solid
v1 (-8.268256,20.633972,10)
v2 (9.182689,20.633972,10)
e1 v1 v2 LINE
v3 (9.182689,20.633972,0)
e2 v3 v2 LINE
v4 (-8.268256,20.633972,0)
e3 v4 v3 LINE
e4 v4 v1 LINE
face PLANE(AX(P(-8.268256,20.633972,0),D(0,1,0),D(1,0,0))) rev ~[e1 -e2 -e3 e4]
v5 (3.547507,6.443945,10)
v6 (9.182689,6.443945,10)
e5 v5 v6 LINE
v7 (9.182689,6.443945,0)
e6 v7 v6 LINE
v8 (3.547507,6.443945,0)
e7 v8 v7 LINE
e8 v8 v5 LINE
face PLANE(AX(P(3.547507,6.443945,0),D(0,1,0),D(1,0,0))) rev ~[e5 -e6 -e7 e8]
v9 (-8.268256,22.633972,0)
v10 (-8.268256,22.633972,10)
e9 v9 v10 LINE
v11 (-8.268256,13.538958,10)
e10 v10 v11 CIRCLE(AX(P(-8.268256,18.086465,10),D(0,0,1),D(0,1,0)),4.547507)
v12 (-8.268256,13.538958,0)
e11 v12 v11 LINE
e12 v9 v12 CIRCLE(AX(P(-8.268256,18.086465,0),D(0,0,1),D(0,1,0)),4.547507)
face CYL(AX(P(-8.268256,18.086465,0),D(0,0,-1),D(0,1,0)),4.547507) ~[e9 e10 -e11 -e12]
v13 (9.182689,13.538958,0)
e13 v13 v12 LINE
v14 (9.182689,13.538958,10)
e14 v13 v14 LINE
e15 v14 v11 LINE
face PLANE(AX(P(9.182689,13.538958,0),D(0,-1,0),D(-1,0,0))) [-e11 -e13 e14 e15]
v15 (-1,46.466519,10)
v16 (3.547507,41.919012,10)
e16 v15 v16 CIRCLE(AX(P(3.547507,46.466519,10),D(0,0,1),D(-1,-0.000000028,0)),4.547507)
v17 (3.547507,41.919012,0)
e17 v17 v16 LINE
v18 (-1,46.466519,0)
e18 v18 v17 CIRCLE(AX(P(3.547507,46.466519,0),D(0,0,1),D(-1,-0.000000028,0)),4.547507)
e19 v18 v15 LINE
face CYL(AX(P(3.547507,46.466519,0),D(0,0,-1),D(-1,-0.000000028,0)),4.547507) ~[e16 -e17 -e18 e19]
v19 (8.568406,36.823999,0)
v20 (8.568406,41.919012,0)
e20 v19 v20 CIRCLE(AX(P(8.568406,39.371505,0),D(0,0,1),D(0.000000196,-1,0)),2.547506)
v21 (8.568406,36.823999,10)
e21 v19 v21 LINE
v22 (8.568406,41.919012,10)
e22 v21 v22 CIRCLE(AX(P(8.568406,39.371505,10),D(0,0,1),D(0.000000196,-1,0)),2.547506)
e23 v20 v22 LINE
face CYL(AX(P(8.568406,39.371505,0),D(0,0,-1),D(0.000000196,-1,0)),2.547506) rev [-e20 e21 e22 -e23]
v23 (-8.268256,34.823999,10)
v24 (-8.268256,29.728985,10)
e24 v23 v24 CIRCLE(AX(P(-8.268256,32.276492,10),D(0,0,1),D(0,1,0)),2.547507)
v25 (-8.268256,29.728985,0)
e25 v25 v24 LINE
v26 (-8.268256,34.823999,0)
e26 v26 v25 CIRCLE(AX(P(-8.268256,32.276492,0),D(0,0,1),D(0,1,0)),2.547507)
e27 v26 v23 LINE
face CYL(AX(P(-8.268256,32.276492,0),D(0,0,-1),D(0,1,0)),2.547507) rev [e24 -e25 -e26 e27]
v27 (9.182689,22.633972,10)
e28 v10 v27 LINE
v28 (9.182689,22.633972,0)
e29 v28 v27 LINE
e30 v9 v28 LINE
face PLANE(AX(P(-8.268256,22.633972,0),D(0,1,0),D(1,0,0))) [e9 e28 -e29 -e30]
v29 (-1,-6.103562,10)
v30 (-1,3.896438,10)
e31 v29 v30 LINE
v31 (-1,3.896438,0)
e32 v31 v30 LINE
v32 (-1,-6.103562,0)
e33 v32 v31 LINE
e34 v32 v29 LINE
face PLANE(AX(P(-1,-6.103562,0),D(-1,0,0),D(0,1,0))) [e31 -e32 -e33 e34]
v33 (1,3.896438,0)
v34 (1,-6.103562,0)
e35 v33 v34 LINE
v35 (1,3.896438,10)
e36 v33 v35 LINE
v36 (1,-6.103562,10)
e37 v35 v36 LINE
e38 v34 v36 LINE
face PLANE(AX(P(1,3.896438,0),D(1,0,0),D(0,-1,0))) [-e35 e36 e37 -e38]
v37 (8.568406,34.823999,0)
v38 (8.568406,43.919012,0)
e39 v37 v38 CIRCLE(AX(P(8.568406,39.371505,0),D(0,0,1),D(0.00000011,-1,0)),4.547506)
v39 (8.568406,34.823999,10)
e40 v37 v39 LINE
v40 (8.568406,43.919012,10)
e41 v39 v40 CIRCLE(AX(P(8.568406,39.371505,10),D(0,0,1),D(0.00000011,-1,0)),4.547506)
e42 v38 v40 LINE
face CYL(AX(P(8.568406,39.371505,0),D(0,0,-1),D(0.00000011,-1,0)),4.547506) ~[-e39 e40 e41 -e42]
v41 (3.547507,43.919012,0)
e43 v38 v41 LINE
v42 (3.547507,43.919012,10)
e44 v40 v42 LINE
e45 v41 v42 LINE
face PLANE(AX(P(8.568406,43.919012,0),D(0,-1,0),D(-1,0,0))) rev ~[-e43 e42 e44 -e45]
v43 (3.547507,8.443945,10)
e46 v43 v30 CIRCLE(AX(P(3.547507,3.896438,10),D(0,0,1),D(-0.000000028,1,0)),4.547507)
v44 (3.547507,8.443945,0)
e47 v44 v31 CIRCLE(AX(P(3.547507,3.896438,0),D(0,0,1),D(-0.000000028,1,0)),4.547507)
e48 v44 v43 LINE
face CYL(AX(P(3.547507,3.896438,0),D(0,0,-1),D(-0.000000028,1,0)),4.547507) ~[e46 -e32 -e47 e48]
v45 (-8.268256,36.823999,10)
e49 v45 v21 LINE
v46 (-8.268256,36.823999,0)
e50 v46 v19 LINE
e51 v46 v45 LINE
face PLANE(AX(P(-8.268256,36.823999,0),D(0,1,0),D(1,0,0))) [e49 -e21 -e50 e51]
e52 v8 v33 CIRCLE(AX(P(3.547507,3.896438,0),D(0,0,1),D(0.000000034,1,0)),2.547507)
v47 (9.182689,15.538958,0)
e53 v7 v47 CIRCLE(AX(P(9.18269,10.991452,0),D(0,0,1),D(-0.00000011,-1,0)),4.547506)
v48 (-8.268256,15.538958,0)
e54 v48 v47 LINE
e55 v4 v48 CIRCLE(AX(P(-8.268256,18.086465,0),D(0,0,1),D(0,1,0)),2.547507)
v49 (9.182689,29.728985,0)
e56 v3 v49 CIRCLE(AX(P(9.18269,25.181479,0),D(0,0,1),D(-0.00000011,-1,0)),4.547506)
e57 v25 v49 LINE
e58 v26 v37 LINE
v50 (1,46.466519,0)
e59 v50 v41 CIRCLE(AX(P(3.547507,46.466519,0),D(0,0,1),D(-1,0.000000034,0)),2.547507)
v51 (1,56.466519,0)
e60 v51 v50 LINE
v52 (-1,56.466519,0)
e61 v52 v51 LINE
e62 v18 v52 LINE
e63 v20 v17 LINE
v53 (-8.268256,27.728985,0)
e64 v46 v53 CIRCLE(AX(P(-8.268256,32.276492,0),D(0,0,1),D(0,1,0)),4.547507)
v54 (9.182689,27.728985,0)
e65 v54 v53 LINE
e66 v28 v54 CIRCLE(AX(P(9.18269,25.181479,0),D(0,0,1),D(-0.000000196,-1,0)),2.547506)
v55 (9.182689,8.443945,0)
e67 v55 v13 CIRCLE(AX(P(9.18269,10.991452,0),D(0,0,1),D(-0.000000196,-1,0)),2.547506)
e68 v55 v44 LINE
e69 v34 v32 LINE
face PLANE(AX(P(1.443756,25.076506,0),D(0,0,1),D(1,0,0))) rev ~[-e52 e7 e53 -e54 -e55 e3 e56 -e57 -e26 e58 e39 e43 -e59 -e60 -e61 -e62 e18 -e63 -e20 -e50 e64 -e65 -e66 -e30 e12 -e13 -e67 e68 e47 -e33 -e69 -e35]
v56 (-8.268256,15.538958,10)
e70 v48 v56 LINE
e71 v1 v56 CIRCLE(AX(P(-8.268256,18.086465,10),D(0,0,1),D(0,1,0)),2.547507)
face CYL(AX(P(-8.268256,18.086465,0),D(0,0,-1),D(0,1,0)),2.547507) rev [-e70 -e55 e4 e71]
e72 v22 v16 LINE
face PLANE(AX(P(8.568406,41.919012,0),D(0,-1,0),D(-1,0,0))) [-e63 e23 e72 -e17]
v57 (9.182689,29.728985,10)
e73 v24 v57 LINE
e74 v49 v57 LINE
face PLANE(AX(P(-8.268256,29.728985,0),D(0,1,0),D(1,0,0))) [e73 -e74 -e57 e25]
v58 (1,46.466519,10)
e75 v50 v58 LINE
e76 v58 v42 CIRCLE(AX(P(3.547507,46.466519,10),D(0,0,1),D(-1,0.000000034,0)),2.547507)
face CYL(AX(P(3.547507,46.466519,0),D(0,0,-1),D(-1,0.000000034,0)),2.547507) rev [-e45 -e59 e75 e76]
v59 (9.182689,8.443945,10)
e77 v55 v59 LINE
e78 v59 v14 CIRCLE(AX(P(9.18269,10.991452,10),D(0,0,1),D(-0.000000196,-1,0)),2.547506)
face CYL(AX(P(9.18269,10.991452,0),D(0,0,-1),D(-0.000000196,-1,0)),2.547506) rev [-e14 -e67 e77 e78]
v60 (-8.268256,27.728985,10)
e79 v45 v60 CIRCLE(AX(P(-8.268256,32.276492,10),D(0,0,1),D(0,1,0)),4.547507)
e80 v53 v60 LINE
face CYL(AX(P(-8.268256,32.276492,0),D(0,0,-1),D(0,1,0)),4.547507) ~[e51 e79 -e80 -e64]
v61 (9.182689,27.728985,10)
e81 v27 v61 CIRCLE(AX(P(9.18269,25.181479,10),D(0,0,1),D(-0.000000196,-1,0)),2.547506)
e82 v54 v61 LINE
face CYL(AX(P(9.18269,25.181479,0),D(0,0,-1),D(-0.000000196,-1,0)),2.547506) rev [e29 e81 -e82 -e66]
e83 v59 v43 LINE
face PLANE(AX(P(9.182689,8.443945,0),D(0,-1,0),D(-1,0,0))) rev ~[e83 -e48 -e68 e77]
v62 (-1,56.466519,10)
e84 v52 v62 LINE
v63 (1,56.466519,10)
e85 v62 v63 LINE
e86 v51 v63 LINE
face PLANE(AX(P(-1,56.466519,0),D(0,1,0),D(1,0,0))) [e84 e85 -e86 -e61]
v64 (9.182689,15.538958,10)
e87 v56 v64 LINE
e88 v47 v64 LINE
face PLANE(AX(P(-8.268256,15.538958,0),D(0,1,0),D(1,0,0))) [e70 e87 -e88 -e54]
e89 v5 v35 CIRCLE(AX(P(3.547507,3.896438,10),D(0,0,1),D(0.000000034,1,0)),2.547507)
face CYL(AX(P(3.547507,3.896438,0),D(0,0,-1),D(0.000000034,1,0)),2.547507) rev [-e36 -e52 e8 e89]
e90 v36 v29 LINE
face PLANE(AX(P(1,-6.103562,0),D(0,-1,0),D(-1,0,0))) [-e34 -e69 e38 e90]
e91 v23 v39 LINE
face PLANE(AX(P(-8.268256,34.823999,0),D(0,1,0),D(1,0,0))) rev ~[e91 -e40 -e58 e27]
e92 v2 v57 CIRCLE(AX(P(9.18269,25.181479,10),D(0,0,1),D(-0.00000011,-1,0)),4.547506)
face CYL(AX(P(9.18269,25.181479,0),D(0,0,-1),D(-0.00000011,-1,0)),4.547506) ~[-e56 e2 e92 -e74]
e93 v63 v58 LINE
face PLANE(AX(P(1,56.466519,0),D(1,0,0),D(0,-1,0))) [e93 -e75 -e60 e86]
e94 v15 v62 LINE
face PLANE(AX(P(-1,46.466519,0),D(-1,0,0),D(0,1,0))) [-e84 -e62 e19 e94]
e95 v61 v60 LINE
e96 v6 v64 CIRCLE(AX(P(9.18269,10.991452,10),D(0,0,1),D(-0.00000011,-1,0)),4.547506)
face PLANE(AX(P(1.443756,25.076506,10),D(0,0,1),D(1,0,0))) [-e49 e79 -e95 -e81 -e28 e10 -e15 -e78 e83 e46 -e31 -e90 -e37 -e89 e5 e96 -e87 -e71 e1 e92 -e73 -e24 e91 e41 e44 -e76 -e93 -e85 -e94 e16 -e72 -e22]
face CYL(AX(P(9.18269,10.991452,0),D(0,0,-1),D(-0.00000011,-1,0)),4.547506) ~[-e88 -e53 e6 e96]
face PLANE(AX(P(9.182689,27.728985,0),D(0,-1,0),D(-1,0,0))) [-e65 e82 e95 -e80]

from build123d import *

# Parameters (mm, degrees)
PAD_DEPTH = 10


with BuildPart() as part:
    # Sketch → Pad (new body)
    with BuildSketch(Plane.XY):
        with BuildLine():
            ThreePointArc((-8.268256, 22.633972), (-12.815763, 18.086465), (-8.268256, 13.538958))
            Line((9.182689, 13.538958), (-8.268256, 13.538958))
            ThreePointArc((9.182689, 8.443945), (11.730196, 10.991452), (9.182689, 13.538958))
            Line((9.182689, 8.443945), (3.547507, 8.443945))
            ThreePointArc((3.547507, 8.443945), (0.331934, 7.112011), (-1, 3.896438))
            Line((-1, -6.103562), (-1, 3.896438))
            Line((1, -6.103562), (-1, -6.103562))
            Line((1, 3.896438), (1, -6.103562))
            ThreePointArc((3.547507, 6.443945), (1.746147, 5.697797), (1, 3.896438))
            Line((3.547507, 6.443945), (9.182689, 6.443945))
            ThreePointArc((9.182689, 6.443945), (13.730196, 10.991452), (9.182689, 15.538958))
            Line((-8.268256, 15.538958), (9.182689, 15.538958))
            ThreePointArc((-8.268256, 20.633972), (-10.815763, 18.086465), (-8.268256, 15.538958))
            Line((-8.268256, 20.633972), (9.182689, 20.633972))
            ThreePointArc((9.182689, 20.633972), (13.730196, 25.181478), (9.182689, 29.728985))
            Line((-8.268256, 29.728985), (9.182689, 29.728985))
            ThreePointArc((-8.268256, 34.823999), (-10.815763, 32.276492), (-8.268256, 29.728985))
            Line((-8.268256, 34.823999), (8.568406, 34.823999))
            ThreePointArc((8.568406, 34.823999), (13.115912, 39.371505), (8.568406, 43.919012))
            Line((8.568406, 43.919012), (3.547507, 43.919012))
            ThreePointArc((1, 46.466519), (1.746147, 44.66516), (3.547507, 43.919012))
            Line((1, 56.466519), (1, 46.466519))
            Line((-1, 56.466519), (1, 56.466519))
            Line((-1, 46.466519), (-1, 56.466519))
            ThreePointArc((-1, 46.466519), (0.331934, 43.250946), (3.547507, 41.919012))
            Line((8.568406, 41.919012), (3.547507, 41.919012))
            ThreePointArc((8.568406, 36.823999), (11.115912, 39.371505), (8.568406, 41.919012))
            Line((-8.268256, 36.823999), (8.568406, 36.823999))
            ThreePointArc((-8.268256, 36.823999), (-12.815763, 32.276492), (-8.268256, 27.728985))
            Line((9.182689, 27.728985), (-8.268256, 27.728985))
            ThreePointArc((9.182689, 22.633972), (11.730196, 25.181478), (9.182689, 27.728985))
            Line((-8.268256, 22.633972), (9.182689, 22.633972))
        make_face()
    extrude(amount=PAD_DEPTH)


solid = part.part
